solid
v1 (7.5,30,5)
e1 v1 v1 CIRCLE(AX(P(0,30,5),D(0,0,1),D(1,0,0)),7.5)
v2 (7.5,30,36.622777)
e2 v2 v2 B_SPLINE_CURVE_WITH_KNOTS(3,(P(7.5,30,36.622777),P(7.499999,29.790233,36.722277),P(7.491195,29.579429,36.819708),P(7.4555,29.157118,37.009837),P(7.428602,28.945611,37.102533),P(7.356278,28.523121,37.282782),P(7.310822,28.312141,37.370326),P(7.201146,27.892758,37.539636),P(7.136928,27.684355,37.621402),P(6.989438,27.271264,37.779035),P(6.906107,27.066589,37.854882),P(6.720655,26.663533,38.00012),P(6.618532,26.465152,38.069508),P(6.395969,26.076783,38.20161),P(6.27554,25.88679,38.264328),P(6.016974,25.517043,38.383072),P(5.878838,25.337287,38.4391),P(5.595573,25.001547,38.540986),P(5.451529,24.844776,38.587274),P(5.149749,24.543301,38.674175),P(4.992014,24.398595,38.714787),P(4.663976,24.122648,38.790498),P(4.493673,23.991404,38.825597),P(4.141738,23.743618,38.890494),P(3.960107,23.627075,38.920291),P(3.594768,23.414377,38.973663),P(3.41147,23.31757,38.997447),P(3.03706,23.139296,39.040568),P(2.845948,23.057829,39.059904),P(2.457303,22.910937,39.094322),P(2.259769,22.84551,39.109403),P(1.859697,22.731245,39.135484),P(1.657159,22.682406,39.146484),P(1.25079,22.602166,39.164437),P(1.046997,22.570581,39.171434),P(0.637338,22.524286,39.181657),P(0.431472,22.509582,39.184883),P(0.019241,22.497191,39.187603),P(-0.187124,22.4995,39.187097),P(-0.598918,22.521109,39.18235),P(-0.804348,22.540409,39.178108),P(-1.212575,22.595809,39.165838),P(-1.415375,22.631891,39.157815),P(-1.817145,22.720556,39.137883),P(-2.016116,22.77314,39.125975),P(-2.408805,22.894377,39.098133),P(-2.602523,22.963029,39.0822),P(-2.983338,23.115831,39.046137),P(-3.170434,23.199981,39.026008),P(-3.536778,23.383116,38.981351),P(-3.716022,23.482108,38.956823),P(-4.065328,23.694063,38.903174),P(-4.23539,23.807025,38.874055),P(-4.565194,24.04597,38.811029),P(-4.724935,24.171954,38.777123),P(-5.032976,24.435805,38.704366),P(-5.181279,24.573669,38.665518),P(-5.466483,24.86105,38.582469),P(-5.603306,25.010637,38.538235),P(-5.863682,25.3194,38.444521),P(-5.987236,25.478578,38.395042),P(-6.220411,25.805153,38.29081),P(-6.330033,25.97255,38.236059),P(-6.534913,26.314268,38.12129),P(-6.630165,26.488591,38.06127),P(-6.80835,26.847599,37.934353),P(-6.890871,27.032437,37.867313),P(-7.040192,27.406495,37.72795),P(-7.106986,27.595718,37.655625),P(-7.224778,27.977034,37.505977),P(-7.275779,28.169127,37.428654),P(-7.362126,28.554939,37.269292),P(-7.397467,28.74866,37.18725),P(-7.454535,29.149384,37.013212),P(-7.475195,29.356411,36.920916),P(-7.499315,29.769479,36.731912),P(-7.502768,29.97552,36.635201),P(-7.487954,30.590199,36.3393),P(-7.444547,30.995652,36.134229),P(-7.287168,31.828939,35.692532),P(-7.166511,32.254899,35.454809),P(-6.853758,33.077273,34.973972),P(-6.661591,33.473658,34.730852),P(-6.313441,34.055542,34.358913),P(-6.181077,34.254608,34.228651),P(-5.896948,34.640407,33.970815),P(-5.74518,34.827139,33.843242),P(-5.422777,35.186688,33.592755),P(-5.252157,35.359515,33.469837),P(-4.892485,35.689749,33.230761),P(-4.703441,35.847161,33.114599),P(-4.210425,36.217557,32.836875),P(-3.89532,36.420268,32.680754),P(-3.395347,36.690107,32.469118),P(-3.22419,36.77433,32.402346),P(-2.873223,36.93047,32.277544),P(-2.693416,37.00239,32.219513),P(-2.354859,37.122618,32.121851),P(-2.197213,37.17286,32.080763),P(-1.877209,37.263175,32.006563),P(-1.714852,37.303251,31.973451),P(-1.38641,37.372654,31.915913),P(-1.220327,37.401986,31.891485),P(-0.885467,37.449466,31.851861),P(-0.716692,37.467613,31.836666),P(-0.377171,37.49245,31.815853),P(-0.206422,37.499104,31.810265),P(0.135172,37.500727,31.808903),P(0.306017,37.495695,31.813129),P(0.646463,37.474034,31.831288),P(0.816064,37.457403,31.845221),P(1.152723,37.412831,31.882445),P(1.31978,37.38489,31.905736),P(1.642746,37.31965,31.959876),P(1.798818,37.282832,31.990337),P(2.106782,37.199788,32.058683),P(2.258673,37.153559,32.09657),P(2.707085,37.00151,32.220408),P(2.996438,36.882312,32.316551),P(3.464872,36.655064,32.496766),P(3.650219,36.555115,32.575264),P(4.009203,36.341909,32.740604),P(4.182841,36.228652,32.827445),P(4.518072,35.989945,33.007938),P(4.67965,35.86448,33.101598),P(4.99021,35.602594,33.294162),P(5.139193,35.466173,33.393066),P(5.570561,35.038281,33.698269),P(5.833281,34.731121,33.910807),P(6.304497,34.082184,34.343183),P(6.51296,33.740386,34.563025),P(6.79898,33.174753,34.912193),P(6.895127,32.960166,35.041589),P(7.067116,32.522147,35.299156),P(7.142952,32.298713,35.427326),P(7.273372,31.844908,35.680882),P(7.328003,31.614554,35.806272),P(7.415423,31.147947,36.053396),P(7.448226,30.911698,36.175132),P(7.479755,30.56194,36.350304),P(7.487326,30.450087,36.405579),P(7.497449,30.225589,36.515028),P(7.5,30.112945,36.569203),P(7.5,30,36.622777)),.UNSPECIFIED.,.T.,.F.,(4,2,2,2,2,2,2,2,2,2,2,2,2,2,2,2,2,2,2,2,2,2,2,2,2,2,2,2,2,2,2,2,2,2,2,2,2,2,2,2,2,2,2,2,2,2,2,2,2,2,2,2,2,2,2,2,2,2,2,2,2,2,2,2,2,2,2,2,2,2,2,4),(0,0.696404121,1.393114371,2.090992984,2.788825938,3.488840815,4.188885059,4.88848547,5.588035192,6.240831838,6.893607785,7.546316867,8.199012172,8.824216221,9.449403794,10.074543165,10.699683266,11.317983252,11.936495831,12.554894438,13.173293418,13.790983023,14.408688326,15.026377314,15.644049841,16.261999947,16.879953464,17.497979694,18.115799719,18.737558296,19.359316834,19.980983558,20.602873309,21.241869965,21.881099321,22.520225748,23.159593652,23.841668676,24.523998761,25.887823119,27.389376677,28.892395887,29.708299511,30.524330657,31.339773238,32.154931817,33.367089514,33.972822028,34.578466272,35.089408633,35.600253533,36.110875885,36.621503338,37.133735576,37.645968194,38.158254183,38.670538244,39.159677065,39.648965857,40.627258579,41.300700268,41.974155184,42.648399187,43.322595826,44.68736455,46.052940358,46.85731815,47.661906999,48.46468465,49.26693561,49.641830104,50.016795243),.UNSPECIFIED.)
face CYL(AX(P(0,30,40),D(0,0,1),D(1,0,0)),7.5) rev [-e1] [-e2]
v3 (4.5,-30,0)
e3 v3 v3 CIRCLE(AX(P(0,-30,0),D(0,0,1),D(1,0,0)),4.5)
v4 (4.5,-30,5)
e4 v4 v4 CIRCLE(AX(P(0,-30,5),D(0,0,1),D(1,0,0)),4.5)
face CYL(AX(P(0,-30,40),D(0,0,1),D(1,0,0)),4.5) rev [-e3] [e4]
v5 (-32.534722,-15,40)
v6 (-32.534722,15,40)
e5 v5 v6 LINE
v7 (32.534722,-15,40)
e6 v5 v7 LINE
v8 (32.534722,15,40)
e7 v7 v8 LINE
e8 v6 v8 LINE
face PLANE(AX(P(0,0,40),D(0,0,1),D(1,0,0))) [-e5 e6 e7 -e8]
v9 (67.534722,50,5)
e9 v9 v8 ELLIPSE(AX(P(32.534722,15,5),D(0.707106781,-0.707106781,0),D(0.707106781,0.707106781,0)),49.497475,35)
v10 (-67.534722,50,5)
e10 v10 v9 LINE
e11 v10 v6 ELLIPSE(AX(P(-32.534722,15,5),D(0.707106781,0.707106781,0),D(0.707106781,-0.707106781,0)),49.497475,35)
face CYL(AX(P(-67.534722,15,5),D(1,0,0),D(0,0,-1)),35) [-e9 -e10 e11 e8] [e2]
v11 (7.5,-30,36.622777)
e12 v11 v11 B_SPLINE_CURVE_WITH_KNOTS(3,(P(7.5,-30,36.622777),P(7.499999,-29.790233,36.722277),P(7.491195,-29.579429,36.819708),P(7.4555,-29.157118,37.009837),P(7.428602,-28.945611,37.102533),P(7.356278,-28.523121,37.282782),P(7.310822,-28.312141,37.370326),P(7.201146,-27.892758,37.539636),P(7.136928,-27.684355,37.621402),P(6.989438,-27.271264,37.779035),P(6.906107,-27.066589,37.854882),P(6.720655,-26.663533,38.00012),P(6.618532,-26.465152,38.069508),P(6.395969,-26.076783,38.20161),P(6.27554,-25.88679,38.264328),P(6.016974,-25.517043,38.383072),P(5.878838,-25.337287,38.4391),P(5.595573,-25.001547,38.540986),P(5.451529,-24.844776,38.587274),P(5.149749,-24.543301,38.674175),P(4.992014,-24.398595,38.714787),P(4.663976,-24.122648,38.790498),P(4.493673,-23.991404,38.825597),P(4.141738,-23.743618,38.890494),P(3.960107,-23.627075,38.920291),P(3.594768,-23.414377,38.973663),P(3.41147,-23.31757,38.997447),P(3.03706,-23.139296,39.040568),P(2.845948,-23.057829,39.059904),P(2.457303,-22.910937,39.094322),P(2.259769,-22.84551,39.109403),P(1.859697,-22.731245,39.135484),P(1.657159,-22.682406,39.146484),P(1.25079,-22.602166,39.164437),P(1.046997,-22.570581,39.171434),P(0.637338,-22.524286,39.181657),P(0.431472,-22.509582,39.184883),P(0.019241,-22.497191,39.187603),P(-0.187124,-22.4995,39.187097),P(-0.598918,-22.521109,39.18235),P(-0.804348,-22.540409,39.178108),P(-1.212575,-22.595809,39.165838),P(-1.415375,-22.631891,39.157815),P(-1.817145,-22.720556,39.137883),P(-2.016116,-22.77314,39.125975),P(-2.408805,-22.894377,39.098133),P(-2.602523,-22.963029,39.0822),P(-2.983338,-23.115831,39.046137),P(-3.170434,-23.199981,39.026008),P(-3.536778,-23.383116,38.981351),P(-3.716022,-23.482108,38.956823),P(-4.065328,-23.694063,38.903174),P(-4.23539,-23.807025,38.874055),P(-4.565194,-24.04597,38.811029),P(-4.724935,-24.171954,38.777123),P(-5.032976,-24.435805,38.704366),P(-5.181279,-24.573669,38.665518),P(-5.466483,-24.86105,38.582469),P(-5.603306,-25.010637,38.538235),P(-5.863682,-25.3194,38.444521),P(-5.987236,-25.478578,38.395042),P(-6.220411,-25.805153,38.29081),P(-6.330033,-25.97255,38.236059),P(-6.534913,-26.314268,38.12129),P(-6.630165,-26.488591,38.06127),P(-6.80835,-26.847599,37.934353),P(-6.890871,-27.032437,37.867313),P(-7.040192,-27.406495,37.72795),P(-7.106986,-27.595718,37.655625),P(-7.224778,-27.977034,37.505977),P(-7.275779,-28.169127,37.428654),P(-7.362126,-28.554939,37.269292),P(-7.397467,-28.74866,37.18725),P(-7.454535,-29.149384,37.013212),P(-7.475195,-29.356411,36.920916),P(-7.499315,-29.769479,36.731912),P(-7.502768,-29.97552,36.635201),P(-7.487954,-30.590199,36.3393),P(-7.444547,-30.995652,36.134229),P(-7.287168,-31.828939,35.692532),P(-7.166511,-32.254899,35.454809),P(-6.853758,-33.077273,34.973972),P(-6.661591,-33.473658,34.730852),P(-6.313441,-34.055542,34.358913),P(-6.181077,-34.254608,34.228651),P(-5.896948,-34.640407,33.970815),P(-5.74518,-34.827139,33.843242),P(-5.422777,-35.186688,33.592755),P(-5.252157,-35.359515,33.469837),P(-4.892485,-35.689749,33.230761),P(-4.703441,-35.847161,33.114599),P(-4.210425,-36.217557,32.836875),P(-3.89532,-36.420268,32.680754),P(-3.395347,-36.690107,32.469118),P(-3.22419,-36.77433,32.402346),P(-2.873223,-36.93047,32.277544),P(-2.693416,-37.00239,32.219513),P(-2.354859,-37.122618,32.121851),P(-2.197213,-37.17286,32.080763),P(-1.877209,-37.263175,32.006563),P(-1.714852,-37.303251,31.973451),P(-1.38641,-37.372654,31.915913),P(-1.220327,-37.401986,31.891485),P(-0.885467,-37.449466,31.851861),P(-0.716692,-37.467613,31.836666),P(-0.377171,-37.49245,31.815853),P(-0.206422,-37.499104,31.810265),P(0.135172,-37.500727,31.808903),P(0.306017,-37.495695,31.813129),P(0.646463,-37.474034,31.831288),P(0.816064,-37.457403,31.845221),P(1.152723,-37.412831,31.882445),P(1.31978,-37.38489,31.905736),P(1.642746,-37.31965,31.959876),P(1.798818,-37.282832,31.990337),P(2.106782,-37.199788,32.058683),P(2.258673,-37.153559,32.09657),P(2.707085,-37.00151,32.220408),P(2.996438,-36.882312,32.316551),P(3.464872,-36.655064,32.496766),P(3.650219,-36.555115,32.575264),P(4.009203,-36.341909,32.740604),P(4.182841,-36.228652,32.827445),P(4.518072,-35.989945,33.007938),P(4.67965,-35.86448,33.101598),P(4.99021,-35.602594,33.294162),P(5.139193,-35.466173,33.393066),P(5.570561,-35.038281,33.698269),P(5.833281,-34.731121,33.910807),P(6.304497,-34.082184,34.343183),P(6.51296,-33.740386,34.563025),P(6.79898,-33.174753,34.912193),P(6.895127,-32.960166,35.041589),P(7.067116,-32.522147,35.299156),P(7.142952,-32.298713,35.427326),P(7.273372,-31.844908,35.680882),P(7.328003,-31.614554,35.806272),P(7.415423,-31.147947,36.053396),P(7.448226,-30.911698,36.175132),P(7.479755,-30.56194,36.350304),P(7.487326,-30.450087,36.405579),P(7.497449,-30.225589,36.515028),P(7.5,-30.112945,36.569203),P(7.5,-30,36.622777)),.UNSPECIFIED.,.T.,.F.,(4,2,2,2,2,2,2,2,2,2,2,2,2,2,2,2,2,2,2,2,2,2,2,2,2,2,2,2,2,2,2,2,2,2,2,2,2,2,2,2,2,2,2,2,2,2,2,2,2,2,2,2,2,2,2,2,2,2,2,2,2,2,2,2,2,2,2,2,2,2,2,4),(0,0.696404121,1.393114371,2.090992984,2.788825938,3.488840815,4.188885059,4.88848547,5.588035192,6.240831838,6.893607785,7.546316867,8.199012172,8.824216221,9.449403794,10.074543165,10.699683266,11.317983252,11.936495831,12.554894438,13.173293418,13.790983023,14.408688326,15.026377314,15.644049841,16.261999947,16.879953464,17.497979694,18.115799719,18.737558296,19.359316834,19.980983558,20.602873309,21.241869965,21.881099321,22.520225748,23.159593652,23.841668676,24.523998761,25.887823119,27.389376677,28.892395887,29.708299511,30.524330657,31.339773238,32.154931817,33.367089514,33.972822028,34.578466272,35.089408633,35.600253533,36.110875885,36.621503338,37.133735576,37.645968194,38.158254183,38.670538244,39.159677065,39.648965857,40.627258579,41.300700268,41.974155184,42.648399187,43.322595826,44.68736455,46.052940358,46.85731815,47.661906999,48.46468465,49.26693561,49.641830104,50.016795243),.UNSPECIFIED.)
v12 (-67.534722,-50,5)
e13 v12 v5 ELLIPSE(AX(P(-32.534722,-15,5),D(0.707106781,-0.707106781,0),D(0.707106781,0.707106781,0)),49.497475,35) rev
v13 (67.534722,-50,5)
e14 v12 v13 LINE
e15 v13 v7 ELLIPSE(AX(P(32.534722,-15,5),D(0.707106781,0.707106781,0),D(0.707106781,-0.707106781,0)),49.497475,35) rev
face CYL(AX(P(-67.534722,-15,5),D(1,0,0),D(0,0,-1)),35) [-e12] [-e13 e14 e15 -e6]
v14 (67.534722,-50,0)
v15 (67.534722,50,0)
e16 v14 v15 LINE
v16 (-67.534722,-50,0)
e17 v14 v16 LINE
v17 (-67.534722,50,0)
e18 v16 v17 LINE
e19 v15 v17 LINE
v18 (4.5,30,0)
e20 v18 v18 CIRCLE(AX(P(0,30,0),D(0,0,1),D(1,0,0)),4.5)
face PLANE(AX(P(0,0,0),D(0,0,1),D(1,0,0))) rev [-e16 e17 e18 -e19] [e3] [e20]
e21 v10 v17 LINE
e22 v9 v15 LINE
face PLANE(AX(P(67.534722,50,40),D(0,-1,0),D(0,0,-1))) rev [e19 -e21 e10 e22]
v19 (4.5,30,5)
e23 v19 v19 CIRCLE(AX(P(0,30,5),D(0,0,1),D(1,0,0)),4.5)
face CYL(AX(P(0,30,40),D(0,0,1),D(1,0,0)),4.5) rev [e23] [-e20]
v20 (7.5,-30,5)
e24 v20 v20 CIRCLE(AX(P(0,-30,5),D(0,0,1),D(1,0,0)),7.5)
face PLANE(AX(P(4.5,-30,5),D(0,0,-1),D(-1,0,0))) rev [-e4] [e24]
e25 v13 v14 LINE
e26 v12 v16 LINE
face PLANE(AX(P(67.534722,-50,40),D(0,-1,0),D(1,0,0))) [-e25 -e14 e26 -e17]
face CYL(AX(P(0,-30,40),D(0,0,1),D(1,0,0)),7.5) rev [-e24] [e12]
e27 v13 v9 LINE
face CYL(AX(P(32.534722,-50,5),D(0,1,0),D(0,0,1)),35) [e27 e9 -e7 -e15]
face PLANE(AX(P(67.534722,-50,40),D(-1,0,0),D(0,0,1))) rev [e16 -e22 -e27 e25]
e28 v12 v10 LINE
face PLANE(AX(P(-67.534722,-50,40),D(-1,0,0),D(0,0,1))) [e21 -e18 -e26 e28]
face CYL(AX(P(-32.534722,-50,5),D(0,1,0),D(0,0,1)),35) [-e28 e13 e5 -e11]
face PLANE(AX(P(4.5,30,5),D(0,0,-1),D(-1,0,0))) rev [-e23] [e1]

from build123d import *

# Parameters (mm, degrees)
SKIZZE1_W                                           = 135.069444444
SKIZZE1_H                                           = 100
AUFSATZ_LINEAR_AUSTRAGEN1_DEPTH                     = 40
SCHNITT_LINEAR_AUSTRAGEN1_DEPTH                     = 150.47827542
SCHNITT_LINEAR_AUSTRAGEN2_DEPTH                     = 128.125680748
STIRNSENKUNG_F_R_M8_SENKSCHRAUBE_KOPF_B_D           = 9
STIRNSENKUNG_F_R_M8_SENKSCHRAUBE_KOPF_B_CBORE_D     = 15
STIRNSENKUNG_F_R_M8_SENKSCHRAUBE_KOPF_B_CBORE_DEPTH = 35


with BuildPart() as part:
    # Skizze1 → Aufsatz-Linear austragen1 (new body)
    with BuildSketch(Plane.XY):
        Rectangle(SKIZZE1_W, SKIZZE1_H)
    extrude(amount=AUFSATZ_LINEAR_AUSTRAGEN1_DEPTH)

    # Skizze2 → Schnitt-Linear austragen1 (cut, through all)
    with BuildSketch(Plane(origin=(67.534722222, 0, 0), x_dir=(0, 0, -1), z_dir=(1, 0, 0))):
        with BuildLine():
            Line((-5, 50), (42.421873459, 50))
            Line((42.421873459, 50), (-56.728012939, 80.829845409))
            Line((-56.728012939, 80.829845409), (-40, -11.655385644))
            Line((-40, -11.655385644), (-40, 15))
            ThreePointArc((-40, 15), (-29.748737342, 39.748737342), (-5, 50))
        make_face()
    schnitt_linear_austragen1 = extrude(amount=-SCHNITT_LINEAR_AUSTRAGEN1_DEPTH, mode=Mode.SUBTRACT)

    # Spiegeln1: Schnitt-Linear austragen1 across plane
    add(schnitt_linear_austragen1.mirror(Plane.ZX), mode=Mode.SUBTRACT)

    # Skizze5 → Schnitt-Linear austragen2 (cut, through all)
    with BuildSketch(Plane(origin=(0, 50, 0), x_dir=(1, 0, 0), z_dir=(0, 1, 0))):
        with BuildLine():
            Line((-67.534722222, -5), (-67.534722222, -19.872389704))
            Line((-67.534722222, -19.872389704), (-98.364567631, -61.728012939))
            Line((-98.364567631, -61.728012939), (-5.879336578, -40))
            Line((-5.879336578, -40), (-32.534722222, -40))
            ThreePointArc((-32.534722222, -40), (-57.283459564, -29.748737342), (-67.534722222, -5))
        make_face()
    schnitt_linear_austragen2 = extrude(amount=-SCHNITT_LINEAR_AUSTRAGEN2_DEPTH, mode=Mode.SUBTRACT)

    # Spiegeln2: Schnitt-Linear austragen2 across plane
    add(schnitt_linear_austragen2.mirror(Plane(origin=(0, 0, 0), x_dir=(0, 0, 1), z_dir=(1, 0, 0))), mode=Mode.SUBTRACT)

    # Stirnsenkung für M8 Senkschraube (Kopf Button)3 (through all)
    with Locations(Plane.XY.offset(40)):
        with Locations((0, -30)):
            stirnsenkung_f_r_m8_senkschraube_kopf_b = CounterBoreHole(STIRNSENKUNG_F_R_M8_SENKSCHRAUBE_KOPF_B_D / 2, STIRNSENKUNG_F_R_M8_SENKSCHRAUBE_KOPF_B_CBORE_D / 2, STIRNSENKUNG_F_R_M8_SENKSCHRAUBE_KOPF_B_CBORE_DEPTH)

    # Spiegeln5: Stirnsenkung für M8 Senkschraube (Kopf Button)3 across plane
    add(stirnsenkung_f_r_m8_senkschraube_kopf_b.mirror(Plane.ZX), mode=Mode.SUBTRACT)


solid = part.part
